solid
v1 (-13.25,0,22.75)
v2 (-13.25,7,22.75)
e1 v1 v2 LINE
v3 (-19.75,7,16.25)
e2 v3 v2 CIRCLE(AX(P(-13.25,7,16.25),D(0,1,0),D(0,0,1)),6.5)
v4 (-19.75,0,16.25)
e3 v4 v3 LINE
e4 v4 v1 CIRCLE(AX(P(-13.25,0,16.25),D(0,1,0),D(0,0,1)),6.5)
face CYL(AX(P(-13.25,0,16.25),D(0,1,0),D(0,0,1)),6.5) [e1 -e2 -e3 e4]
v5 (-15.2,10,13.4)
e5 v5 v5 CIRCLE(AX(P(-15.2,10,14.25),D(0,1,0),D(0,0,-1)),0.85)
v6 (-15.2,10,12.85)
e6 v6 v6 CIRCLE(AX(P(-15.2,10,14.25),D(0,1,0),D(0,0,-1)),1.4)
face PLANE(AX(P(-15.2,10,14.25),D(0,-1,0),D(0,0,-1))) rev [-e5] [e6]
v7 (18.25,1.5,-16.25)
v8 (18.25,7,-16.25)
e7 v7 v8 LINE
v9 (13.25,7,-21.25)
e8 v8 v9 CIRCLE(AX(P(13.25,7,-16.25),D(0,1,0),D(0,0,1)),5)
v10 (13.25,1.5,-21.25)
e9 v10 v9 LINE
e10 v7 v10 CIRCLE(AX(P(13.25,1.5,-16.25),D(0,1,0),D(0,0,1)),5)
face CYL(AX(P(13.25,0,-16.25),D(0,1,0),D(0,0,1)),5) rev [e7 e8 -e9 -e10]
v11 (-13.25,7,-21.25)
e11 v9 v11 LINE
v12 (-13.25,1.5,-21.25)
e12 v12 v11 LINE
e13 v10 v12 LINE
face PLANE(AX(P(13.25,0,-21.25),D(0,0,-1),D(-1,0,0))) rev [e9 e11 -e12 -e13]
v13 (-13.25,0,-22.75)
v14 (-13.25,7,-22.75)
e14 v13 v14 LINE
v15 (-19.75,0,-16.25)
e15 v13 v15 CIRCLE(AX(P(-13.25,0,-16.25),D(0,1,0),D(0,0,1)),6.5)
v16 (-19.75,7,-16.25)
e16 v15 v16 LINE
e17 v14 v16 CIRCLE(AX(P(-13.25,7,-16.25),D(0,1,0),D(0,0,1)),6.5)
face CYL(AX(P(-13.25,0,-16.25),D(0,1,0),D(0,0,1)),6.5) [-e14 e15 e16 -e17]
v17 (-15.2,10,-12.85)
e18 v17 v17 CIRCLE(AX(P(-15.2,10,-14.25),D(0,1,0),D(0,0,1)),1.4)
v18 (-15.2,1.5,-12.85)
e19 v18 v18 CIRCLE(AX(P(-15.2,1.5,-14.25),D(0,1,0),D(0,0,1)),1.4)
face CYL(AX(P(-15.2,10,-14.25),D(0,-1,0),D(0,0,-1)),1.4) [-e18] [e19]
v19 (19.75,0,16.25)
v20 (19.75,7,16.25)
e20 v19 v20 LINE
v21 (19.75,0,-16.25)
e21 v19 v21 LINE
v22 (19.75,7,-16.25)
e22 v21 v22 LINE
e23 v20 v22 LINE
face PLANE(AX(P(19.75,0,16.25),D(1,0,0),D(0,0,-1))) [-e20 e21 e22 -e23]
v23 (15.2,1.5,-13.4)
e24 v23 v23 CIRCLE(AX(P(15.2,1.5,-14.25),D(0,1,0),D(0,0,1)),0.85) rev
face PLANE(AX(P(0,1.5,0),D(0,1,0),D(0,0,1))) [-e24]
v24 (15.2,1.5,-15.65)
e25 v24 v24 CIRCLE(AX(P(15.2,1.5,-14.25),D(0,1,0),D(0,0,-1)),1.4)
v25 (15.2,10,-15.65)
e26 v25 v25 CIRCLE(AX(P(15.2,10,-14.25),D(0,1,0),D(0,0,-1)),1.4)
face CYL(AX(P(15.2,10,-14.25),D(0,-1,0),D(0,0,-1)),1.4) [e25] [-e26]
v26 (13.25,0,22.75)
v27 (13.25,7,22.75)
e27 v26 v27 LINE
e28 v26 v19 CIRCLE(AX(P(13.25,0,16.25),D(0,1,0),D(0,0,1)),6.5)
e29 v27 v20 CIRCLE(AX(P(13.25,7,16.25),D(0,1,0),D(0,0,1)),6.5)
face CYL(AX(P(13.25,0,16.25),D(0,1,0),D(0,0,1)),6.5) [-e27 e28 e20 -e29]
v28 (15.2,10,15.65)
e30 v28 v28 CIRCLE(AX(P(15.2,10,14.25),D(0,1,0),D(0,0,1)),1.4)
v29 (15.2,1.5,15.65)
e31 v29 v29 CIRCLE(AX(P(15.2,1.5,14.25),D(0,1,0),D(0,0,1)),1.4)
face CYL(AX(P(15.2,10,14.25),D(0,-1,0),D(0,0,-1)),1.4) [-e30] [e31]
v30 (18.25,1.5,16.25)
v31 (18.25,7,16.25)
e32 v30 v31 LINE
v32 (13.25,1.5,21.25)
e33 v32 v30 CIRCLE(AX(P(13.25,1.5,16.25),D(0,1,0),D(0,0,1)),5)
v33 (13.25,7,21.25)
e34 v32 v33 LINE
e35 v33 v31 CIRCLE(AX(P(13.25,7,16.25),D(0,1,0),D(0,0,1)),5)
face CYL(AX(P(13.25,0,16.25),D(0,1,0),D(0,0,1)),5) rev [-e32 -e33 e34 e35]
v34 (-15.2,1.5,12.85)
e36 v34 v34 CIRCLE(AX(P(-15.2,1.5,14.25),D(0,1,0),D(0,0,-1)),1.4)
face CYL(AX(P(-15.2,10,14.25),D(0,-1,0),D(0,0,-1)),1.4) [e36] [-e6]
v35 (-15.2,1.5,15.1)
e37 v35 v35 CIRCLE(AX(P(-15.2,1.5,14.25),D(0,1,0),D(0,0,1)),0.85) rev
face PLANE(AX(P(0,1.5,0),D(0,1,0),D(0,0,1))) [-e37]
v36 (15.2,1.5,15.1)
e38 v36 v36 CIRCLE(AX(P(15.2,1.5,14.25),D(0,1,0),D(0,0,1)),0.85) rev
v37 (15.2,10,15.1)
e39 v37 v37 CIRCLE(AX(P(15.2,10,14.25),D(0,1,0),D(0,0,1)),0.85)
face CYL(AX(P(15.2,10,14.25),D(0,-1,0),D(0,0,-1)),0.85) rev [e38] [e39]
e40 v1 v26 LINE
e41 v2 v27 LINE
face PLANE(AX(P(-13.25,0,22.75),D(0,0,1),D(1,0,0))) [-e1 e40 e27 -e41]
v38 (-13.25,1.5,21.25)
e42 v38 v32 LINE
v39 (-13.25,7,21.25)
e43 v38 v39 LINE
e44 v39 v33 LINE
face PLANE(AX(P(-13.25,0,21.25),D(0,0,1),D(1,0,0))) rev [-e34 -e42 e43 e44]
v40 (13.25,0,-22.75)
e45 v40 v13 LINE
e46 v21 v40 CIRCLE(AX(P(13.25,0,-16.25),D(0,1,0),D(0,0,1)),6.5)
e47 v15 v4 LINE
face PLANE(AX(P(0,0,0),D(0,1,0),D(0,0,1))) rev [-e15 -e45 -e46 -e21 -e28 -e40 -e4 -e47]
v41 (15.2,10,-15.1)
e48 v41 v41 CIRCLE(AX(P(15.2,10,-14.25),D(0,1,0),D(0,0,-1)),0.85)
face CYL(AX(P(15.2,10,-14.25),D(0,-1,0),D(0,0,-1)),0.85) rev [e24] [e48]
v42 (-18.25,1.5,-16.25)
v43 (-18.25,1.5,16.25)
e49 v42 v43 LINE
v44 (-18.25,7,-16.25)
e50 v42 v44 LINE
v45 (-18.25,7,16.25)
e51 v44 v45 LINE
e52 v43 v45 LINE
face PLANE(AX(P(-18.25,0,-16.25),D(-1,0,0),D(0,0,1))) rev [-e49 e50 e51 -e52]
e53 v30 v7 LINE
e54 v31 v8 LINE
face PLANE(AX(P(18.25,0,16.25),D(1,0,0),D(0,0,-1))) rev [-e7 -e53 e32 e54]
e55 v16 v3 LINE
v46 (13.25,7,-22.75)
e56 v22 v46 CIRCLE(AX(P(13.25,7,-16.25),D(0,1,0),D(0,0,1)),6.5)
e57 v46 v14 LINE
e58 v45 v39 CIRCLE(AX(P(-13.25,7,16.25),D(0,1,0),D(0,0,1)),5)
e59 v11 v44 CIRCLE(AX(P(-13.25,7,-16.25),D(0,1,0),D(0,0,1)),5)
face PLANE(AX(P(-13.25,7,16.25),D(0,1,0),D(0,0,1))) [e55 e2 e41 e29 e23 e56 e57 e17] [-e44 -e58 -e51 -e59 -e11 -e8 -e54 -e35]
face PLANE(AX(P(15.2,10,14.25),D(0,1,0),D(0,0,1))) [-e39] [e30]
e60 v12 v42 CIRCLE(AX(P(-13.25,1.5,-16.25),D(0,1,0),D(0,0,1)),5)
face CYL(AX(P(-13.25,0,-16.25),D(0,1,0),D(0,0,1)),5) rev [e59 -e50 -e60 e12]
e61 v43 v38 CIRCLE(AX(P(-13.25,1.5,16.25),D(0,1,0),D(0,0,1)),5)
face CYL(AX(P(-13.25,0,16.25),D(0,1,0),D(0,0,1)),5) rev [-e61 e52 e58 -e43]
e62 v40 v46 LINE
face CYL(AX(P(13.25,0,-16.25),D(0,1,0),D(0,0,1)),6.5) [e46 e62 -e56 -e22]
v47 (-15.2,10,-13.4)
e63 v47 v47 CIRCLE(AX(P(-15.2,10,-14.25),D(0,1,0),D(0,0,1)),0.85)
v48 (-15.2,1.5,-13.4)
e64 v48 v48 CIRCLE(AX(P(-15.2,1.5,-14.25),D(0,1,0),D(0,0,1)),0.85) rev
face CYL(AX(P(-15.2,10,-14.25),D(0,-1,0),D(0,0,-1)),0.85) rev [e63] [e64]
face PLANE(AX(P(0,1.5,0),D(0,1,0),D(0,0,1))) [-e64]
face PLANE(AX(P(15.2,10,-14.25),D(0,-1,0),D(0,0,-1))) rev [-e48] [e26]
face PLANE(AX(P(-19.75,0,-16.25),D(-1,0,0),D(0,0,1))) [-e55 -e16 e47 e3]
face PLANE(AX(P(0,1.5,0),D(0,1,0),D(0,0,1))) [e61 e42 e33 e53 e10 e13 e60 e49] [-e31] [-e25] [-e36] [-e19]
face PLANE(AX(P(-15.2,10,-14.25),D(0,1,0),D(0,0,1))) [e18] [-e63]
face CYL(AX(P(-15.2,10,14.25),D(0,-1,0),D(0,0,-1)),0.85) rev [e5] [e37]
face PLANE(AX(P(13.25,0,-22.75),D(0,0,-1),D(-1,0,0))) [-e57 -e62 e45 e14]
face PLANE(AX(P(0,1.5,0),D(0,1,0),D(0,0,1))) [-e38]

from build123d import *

# Parameters (mm, degrees)
SKETCH_1_W           = 36.5
SKETCH_1_H           = 42.5
EXTRUDE_1_DEPTH      = 1.5
FILLET_1_R           = 5
SKETCH_2_R           = 1.4
SKETCH_2_R_2         = 0.85
EXTRUDE_2_DEPTH      = 8.5
EXTRUDE_3_DEPTH      = 5.5
EXTRUDE_3_DEPTH_BACK = 1.5


with BuildPart() as part:
    # 草图1 → 凸台-拉伸1 (new body)
    with BuildSketch(Plane(origin=(0, 0, 0), x_dir=(1, 0, 0), z_dir=(0, 1, 0))):
        Rectangle(SKETCH_1_W, SKETCH_1_H)
    extrude(amount=EXTRUDE_1_DEPTH)

    # 圆角1
    fillet_1_edges = [part.edges().sort_by_distance(p)[0] for p in [
        (18.25, 0.75, 21.25),
        (-18.25, 0.75, 21.25),
        (-18.25, 0.75, -21.25),
        (18.25, 0.75, -21.25),
    ]]
    fillet(fillet_1_edges, radius=FILLET_1_R)

    # 草图2 → 凸台-拉伸2 (add)
    # profile 1 of 4: a face of its own
    with BuildSketch(Plane(origin=(0, 1.5, 0), x_dir=(1, 0, 0), z_dir=(0, 1, 0))):
        with Locations(Location((-15.2, 14.25, 0), (0, 0, 270))):
            Circle(SKETCH_2_R)
        with Locations(Location((-15.2, 14.25, 0), (0, 0, 270))):
            Circle(SKETCH_2_R_2, mode=Mode.SUBTRACT)
    # profile 2 of 4: a face of its own
    with BuildSketch(Plane(origin=(0, 1.5, 0), x_dir=(1, 0, 0), z_dir=(0, 1, 0))):
        with Locations(Location((-15.2, -14.25, 0), (0, 0, 90))):
            Circle(SKETCH_2_R)
        with Locations(Location((-15.2, -14.25, 0), (0, 0, 90))):
            Circle(SKETCH_2_R_2, mode=Mode.SUBTRACT)
    # profile 3 of 4: a face of its own
    with BuildSketch(Plane(origin=(0, 1.5, 0), x_dir=(1, 0, 0), z_dir=(0, 1, 0))):
        with Locations(Location((15.2, -14.25, 0), (0, 0, 270))):
            Circle(SKETCH_2_R)
        with Locations(Location((15.2, -14.25, 0), (0, 0, 270))):
            Circle(SKETCH_2_R_2, mode=Mode.SUBTRACT)
    # profile 4 of 4: a face of its own
    with BuildSketch(Plane(origin=(0, 1.5, 0), x_dir=(1, 0, 0), z_dir=(0, 1, 0))):
        with Locations(Location((15.2, 14.25, 0), (0, 0, 90))):
            Circle(SKETCH_2_R)
        with Locations(Location((15.2, 14.25, 0), (0, 0, 90))):
            Circle(SKETCH_2_R_2, mode=Mode.SUBTRACT)
    extrude(amount=EXTRUDE_2_DEPTH)

    # 草图3 → 凸台-拉伸3 (add, two sides: drawn at the far end of the back side and taken through both)
    with BuildSketch(Plane(origin=(0, 1.5, 0), x_dir=(1, 0, 0), z_dir=(0, 1, 0)).offset(-EXTRUDE_3_DEPTH_BACK)):
        with BuildLine():
            Line((-13.25, -22.75), (13.25, -22.75))
            ThreePointArc((13.25, -22.75), (17.846194078, -20.846194078), (19.75, -16.25))
            Line((19.75, -16.25), (19.75, 16.25))
            ThreePointArc((19.75, 16.25), (17.846194078, 20.846194078), (13.25, 22.75))
            Line((13.25, 22.75), (-13.25, 22.75))
            ThreePointArc((-13.25, 22.75), (-17.846194078, 20.846194078), (-19.75, 16.25))
            Line((-19.75, 16.25), (-19.75, -16.25))
            ThreePointArc((-19.75, -16.25), (-17.846194078, -20.846194078), (-13.25, -22.75))
        make_face()
        with BuildLine():
            Line((-13.25, -21.25), (13.25, -21.25))
            ThreePointArc((13.25, -21.25), (16.785533906, -19.785533906), (18.25, -16.25))
            Line((18.25, -16.25), (18.25, 16.25))
            ThreePointArc((18.25, 16.25), (16.785533906, 19.785533906), (13.25, 21.25))
            Line((13.25, 21.25), (-13.25, 21.25))
            ThreePointArc((-13.25, 21.25), (-16.785533906, 19.785533906), (-18.25, 16.25))
            Line((-18.25, 16.25), (-18.25, -16.25))
            ThreePointArc((-18.25, -16.25), (-16.785533906, -19.785533906), (-13.25, -21.25))
        make_face(mode=Mode.SUBTRACT)
    extrude(amount=EXTRUDE_3_DEPTH + EXTRUDE_3_DEPTH_BACK)


solid = part.part
